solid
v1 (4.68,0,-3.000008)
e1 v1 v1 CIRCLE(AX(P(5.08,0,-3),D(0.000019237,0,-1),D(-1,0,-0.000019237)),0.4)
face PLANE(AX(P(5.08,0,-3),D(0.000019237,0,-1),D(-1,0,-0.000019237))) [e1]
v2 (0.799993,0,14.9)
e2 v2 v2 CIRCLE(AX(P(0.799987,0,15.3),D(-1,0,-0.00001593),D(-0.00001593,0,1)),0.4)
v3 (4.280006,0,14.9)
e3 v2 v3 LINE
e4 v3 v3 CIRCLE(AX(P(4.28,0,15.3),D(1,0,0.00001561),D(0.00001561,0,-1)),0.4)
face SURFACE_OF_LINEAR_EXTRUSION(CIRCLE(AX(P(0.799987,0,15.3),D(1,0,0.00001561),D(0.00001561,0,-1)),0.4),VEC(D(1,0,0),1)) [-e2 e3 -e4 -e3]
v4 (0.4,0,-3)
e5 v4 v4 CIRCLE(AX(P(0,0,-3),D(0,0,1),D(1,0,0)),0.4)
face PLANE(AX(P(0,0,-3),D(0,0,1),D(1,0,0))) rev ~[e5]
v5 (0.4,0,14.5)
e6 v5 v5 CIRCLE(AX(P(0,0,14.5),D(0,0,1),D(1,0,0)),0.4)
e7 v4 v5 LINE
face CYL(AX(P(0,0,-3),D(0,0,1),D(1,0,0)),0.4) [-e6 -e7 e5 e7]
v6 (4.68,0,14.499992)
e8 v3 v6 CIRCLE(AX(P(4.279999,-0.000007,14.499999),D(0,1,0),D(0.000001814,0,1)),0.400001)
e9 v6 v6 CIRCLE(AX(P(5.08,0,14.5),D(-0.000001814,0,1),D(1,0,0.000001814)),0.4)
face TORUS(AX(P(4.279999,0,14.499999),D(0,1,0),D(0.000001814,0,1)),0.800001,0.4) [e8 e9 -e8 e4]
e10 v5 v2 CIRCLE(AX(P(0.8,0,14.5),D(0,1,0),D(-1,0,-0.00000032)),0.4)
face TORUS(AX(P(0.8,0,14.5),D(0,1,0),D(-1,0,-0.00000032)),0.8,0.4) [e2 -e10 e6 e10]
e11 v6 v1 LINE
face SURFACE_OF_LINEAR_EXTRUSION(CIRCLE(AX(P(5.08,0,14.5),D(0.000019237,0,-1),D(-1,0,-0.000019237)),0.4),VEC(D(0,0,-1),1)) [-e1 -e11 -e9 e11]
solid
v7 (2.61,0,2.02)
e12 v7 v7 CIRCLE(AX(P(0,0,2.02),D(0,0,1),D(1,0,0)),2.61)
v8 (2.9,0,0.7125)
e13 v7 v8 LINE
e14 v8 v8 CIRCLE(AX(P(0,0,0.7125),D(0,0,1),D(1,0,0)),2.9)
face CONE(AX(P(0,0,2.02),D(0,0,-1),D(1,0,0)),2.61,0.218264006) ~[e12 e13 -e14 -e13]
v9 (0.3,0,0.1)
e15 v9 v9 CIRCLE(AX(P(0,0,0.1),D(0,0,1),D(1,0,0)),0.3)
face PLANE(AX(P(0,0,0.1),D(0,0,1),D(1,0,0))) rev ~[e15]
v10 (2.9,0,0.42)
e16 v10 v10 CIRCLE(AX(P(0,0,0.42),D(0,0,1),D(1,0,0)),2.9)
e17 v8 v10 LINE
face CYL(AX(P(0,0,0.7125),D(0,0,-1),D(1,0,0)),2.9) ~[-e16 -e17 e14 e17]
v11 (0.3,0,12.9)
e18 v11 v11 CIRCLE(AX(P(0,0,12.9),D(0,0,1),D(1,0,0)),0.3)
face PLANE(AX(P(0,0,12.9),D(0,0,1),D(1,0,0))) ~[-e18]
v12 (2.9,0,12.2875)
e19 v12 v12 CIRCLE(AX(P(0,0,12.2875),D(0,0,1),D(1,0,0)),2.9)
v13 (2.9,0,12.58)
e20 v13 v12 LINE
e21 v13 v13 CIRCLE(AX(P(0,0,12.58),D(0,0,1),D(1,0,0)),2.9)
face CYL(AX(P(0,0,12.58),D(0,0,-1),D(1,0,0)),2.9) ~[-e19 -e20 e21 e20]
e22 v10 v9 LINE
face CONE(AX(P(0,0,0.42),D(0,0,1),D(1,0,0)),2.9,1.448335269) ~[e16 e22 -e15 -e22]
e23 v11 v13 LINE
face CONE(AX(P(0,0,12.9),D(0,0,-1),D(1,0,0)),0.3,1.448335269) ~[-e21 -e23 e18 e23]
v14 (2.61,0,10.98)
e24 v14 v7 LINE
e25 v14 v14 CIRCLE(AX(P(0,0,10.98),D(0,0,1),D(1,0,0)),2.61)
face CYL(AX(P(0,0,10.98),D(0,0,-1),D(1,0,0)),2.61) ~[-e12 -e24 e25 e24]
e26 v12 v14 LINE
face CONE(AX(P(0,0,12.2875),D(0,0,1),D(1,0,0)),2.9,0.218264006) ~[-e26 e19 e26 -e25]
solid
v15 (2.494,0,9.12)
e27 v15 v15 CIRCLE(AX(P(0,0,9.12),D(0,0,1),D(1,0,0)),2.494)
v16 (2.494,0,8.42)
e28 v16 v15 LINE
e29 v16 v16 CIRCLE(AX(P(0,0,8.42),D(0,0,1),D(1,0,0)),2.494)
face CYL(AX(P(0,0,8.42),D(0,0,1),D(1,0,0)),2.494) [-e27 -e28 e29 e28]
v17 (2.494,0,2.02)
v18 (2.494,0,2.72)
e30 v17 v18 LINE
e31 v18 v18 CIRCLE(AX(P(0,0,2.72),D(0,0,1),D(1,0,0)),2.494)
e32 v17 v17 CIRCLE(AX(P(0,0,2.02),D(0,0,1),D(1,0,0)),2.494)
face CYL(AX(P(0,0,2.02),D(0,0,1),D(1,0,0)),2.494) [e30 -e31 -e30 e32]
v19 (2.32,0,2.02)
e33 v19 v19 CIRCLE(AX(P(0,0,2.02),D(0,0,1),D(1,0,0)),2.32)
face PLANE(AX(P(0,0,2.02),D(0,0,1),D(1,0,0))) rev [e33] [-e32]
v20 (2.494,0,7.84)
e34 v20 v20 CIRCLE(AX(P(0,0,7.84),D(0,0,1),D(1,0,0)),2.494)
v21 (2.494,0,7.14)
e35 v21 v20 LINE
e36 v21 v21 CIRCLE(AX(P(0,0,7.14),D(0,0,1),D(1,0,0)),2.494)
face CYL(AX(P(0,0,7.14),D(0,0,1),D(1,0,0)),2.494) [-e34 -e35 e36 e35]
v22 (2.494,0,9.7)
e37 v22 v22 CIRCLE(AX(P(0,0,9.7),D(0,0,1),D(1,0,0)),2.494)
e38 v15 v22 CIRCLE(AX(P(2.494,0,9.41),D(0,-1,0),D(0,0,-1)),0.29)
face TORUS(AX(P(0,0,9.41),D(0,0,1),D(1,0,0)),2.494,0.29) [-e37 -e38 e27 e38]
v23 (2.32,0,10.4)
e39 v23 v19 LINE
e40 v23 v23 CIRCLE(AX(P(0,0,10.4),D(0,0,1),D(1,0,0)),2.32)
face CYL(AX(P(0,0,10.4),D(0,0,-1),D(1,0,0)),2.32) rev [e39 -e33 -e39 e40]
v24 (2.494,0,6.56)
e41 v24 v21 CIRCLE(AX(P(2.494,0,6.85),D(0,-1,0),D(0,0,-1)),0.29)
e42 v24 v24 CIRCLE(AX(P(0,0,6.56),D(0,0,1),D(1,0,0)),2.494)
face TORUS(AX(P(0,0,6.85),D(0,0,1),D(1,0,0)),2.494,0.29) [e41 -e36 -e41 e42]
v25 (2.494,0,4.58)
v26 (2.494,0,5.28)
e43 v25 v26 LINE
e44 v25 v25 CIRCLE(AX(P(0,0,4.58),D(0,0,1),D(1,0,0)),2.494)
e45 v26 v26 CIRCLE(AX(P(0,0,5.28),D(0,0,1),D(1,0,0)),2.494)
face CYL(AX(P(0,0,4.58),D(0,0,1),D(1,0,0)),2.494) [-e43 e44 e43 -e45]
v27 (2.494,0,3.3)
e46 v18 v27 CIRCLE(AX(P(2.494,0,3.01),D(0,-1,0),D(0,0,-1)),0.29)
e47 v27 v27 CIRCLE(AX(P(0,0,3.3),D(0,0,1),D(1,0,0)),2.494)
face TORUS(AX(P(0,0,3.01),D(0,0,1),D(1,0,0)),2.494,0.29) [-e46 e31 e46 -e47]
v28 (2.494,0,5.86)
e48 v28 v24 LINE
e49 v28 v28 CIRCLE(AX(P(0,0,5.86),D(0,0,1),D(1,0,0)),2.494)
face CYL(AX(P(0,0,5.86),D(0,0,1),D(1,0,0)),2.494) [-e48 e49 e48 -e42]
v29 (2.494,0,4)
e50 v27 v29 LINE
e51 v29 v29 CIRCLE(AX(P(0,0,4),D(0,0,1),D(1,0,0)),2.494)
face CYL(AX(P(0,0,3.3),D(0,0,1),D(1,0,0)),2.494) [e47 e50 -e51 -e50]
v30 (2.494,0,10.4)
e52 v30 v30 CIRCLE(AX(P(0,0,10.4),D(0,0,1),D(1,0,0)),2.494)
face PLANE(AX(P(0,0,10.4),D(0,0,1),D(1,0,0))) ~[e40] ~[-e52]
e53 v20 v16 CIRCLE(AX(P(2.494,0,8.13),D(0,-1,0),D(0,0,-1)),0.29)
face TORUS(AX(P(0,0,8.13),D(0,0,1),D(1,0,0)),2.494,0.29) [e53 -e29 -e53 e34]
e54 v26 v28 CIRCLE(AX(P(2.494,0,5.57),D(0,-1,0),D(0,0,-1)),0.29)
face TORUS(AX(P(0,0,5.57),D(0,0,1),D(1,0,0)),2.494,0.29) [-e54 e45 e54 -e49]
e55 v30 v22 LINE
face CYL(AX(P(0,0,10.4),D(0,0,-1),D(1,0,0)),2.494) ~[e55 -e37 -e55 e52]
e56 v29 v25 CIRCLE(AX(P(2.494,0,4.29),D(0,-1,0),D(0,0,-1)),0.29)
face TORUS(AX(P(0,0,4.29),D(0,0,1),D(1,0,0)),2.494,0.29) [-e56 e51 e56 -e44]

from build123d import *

# Parameters (mm, degrees)
SKETCH_R = 0.4


with BuildPart() as sweep_body:
    # Sweep: sweep along a path in Sketch001
    with BuildLine(Plane.XZ) as sweep_path:
        Line((0, -3), (0, 14.5))
        ThreePointArc((0, 14.5), (0.23431, 15.065681), (0.799987, 15.3))
        Line((0.799987, 15.3), (4.28, 15.3))
        ThreePointArc((4.28, 15.3), (4.845685, 15.065685), (5.08, 14.5))
        Line((5.08, 14.5), (5.08, -3))
    # Sketch → Sweep (sweep)
    with BuildSketch(Plane.XY.offset(-2)):
        Circle(SKETCH_R)
    sweep(path=sweep_path.line)


with BuildPart() as revolution:
    # Sketch002 → Revolution (revolve)
    with BuildSketch(Plane.XZ):
        Polygon((0, 0.1), (0, 12.9), (0.3, 12.9), (2.9, 12.58), (2.9, 12.2875), (2.61, 10.98), (2.61, 2.02), (2.9, 0.7125), (2.9, 0.42), (0.3, 0.1), align=None)
    revolve(axis=Axis((0, 0, 0), (0, 0, 1)))


with BuildPart() as revolution001:
    # Sketch003 → Revolution001 (revolve)
    with BuildSketch(Plane.XZ):
        with BuildLine():
            Line((2.32, 10.4), (2.32, 2.02))
            Line((2.32, 2.02), (2.494, 2.02))
            Line((2.494, 2.02), (2.494, 2.72))
            ThreePointArc((2.494, 2.72), (2.784, 3.01), (2.494, 3.3))
            Line((2.494, 3.3), (2.494, 4))
            ThreePointArc((2.494, 4), (2.784, 4.29), (2.494, 4.58))
            Line((2.494, 4.58), (2.494, 5.28))
            ThreePointArc((2.494, 5.28), (2.784, 5.57), (2.494, 5.86))
            Line((2.494, 5.86), (2.494, 6.56))
            ThreePointArc((2.494, 6.56), (2.784, 6.85), (2.494, 7.14))
            Line((2.494, 7.14), (2.494, 7.84))
            ThreePointArc((2.494, 7.84), (2.784, 8.13), (2.494, 8.42))
            Line((2.494, 8.42), (2.494, 9.12))
            ThreePointArc((2.494, 9.12), (2.784, 9.41), (2.494, 9.7))
            Line((2.494, 10.4), (2.494, 9.7))
            Line((2.32, 10.4), (2.494, 10.4))
        make_face()
    revolve(axis=Axis((0, 0, 0), (0, 0, 1)))


solid = Compound([sweep_body.part, revolution.part, revolution001.part])
